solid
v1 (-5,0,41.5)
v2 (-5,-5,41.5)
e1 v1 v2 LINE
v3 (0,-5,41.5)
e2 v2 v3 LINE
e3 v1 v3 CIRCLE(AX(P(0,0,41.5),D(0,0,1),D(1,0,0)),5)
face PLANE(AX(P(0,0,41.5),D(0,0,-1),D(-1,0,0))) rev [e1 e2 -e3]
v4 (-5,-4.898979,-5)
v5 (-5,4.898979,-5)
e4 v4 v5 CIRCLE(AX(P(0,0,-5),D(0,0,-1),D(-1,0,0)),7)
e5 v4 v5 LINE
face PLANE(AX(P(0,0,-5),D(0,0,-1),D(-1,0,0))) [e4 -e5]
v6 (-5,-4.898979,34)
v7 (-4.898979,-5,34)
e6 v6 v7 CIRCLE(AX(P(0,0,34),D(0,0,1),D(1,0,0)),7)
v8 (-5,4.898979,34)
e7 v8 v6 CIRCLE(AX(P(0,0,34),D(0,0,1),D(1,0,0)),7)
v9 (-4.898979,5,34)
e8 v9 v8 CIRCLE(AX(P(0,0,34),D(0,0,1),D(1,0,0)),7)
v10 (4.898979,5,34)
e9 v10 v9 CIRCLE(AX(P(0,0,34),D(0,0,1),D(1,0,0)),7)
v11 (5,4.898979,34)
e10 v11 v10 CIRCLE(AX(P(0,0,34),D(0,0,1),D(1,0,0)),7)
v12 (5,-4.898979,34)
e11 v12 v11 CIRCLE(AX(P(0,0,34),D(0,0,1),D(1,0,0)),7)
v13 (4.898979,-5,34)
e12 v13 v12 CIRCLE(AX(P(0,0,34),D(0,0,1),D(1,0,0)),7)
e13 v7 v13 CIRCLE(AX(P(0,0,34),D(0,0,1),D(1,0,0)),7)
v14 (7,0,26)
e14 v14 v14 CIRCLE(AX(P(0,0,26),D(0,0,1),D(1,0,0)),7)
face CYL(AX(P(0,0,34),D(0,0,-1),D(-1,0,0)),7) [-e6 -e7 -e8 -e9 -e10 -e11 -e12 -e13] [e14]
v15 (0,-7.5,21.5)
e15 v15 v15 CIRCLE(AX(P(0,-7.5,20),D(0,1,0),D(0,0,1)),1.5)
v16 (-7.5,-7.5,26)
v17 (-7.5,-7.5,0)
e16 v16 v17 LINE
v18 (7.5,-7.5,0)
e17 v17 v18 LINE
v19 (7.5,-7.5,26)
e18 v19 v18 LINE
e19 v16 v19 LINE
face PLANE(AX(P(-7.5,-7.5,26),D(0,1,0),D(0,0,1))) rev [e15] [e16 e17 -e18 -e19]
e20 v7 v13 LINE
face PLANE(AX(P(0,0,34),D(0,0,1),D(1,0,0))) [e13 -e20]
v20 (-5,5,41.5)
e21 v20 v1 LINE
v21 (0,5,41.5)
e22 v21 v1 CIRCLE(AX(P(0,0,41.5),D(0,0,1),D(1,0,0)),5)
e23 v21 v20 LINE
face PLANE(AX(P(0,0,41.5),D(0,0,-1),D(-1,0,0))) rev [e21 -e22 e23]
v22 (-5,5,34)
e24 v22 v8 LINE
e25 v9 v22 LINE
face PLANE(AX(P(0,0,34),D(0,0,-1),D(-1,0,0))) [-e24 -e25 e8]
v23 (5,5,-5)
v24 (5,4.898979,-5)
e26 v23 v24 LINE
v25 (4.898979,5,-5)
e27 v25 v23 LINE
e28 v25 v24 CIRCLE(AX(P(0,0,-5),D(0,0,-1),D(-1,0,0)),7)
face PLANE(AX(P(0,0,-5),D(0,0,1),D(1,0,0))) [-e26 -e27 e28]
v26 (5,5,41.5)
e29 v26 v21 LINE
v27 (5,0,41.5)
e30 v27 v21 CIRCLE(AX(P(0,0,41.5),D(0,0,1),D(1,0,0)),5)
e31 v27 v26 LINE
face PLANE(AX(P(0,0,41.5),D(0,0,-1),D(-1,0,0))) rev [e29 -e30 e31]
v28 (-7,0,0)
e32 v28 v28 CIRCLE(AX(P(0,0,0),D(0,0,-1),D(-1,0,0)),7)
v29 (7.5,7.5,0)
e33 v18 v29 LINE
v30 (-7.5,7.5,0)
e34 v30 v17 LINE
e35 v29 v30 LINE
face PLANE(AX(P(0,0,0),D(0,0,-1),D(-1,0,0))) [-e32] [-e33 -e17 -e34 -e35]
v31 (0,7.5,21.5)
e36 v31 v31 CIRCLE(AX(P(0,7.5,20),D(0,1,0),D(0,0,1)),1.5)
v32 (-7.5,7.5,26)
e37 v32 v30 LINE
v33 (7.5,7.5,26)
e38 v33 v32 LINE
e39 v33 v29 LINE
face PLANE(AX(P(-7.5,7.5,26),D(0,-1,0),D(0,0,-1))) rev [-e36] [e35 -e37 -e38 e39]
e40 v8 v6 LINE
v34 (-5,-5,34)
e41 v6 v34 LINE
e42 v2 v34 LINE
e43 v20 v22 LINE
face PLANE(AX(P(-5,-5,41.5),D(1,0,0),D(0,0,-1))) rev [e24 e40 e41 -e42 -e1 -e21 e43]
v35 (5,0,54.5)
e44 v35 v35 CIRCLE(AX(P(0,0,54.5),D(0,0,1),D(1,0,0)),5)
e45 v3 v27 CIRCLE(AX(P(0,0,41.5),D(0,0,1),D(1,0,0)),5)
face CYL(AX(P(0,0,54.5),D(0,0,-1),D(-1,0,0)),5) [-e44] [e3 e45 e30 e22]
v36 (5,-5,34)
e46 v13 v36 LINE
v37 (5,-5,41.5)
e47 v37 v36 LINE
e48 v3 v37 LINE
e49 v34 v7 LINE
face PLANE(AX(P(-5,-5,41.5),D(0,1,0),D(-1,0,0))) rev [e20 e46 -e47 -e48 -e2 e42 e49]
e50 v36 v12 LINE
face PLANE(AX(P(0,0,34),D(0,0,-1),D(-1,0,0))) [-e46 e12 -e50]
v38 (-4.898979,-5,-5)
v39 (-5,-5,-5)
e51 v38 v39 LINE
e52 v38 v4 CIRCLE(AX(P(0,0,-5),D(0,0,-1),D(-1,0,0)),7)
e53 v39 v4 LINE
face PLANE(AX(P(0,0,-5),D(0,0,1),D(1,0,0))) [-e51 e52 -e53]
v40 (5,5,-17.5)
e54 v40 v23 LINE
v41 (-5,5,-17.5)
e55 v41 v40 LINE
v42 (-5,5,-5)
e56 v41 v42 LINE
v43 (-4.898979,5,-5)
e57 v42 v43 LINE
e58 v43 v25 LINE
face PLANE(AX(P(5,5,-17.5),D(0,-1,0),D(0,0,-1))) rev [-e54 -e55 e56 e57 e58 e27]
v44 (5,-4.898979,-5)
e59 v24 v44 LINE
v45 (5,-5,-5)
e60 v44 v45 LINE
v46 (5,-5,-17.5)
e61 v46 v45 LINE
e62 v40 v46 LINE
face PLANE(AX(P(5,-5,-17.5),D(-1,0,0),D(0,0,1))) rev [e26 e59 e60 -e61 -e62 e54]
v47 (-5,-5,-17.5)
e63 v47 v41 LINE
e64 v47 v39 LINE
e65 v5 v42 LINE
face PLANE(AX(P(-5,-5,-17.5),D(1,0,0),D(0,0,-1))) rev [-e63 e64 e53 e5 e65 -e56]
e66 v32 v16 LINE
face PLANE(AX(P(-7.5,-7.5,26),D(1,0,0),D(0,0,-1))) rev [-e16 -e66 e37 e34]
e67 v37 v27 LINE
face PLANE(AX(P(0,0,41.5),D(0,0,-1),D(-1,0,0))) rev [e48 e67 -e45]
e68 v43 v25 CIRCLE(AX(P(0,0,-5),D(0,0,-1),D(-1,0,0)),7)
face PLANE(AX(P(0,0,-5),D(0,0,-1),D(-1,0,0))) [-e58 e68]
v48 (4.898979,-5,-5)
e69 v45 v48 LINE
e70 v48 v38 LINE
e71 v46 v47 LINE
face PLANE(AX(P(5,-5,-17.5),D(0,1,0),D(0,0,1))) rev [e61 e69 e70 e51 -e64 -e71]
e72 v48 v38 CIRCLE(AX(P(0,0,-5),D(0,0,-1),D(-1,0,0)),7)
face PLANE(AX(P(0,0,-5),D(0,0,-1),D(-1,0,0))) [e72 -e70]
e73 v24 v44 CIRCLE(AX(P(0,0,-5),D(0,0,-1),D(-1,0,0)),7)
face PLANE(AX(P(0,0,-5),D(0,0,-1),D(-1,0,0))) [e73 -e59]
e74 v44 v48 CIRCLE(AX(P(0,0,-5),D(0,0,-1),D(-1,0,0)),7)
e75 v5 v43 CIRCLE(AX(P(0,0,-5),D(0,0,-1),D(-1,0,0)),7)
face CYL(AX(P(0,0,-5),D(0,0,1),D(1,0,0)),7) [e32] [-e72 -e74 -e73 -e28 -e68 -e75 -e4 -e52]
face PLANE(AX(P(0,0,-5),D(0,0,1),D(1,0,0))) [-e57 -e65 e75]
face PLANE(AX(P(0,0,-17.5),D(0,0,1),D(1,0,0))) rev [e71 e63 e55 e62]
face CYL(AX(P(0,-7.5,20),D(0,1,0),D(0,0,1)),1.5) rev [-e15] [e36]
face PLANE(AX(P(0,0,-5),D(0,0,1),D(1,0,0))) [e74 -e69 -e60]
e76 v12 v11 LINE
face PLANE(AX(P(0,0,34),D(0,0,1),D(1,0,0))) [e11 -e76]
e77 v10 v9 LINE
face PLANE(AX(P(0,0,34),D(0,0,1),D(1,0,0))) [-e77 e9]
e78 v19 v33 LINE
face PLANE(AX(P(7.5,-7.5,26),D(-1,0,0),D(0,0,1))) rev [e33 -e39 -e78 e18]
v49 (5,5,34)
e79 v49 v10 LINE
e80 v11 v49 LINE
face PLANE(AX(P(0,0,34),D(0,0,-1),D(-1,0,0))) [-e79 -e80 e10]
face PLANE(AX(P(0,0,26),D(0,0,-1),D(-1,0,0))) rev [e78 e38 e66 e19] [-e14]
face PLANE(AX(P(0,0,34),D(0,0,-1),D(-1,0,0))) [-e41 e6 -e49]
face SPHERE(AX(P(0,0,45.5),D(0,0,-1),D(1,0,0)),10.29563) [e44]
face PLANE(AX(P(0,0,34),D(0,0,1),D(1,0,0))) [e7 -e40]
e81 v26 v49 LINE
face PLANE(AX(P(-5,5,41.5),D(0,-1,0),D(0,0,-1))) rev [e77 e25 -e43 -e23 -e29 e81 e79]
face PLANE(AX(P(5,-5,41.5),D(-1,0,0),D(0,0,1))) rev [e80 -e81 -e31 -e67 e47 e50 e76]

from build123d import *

# Parameters (mm, degrees)
SKETCH1_W           = 15
SKETCH1_H           = 15
BOSS_EXTRUDE1_DEPTH = 26
SKETCH2_R           = 1.5
CUT_EXTRUDE1_DEPTH  = 31.939457009
SKETCH3_R           = 7
BOSS_EXTRUDE2_DEPTH = 8
SKETCH4_W           = 10
SKETCH4_H           = 10
BOSS_EXTRUDE3_DEPTH = 7.5
SKETCH5_R           = 5
BOSS_EXTRUDE4_DEPTH = 13
BOSS_EXTRUDE5_START = 5
SKETCH7_R           = 7
BOSS_EXTRUDE5_DEPTH = 5
SKETCH8_W           = 10
SKETCH8_H           = 10
BOSS_EXTRUDE6_DEPTH = 12.5


with BuildPart() as part:
    # Sketch1 → Boss-Extrude1 (new body)
    with BuildSketch(Plane.XY):
        Rectangle(SKETCH1_W, SKETCH1_H)
    extrude(amount=BOSS_EXTRUDE1_DEPTH)

    # Sketch2 → Cut-Extrude1 (cut, through all)
    with BuildSketch(Plane(origin=(0, 7.5, 0), x_dir=(1, 0, 0), z_dir=(0, 1, 0))):
        with Locations(Location((0, -20, 0), (0, 0, 270))):
            Circle(SKETCH2_R)
    extrude(amount=-CUT_EXTRUDE1_DEPTH, mode=Mode.SUBTRACT)

    # Sketch3 → Boss-Extrude2 (add)
    with BuildSketch(Plane.XY.offset(26)):
        Circle(SKETCH3_R)
    extrude(amount=BOSS_EXTRUDE2_DEPTH)

    # Sketch4 → Boss-Extrude3 (add)
    with BuildSketch(Plane.XY.offset(34)):
        Rectangle(SKETCH4_W, SKETCH4_H)
    extrude(amount=BOSS_EXTRUDE3_DEPTH)

    # Sketch5 → Boss-Extrude4 (add)
    with BuildSketch(Plane.XY.offset(41.5)):
        Circle(SKETCH5_R)
    extrude(amount=BOSS_EXTRUDE4_DEPTH)

    # Sketch6 → Revolve1 (revolve)
    with BuildSketch(Plane(origin=(0, 0, 0), x_dir=(1, 0, 0), z_dir=(0, 1, 0)), mode=Mode.PRIVATE) as revolve1_sk:
        with BuildLine():
            Line((0, -54.5), (5, -54.5))
            ThreePointArc((5, -54.5), (2.582569334, -55.466460537), (0, -55.795630141))
            Line((0, -55.795630141), (0, -54.5))
        make_face()
    revolve(revolve1_sk.sketch.rotate(Axis((0, 0, 54.5), (0, 0, 1)), 224.415308597), axis=Axis((0, 0, 54.5), (0, 0, 1)))

    # Sketch7 → Boss-Extrude5 (add)
    with BuildSketch(Plane(origin=(0, 0, 0), x_dir=(-1, 0, 0), z_dir=(0, 0, -1)).offset(BOSS_EXTRUDE5_START)):
        with Locations(Location((0, 0, 0), (0, 0, 315.584691403))):
            Circle(SKETCH7_R)
    extrude(amount=-BOSS_EXTRUDE5_DEPTH)

    # Sketch8 → Boss-Extrude6 (add)
    with BuildSketch(Plane(origin=(0, 0, -5), x_dir=(-1, 0, 0), z_dir=(0, 0, -1))):
        Rectangle(SKETCH8_W, SKETCH8_H)
    extrude(amount=BOSS_EXTRUDE6_DEPTH)


solid = part.part
